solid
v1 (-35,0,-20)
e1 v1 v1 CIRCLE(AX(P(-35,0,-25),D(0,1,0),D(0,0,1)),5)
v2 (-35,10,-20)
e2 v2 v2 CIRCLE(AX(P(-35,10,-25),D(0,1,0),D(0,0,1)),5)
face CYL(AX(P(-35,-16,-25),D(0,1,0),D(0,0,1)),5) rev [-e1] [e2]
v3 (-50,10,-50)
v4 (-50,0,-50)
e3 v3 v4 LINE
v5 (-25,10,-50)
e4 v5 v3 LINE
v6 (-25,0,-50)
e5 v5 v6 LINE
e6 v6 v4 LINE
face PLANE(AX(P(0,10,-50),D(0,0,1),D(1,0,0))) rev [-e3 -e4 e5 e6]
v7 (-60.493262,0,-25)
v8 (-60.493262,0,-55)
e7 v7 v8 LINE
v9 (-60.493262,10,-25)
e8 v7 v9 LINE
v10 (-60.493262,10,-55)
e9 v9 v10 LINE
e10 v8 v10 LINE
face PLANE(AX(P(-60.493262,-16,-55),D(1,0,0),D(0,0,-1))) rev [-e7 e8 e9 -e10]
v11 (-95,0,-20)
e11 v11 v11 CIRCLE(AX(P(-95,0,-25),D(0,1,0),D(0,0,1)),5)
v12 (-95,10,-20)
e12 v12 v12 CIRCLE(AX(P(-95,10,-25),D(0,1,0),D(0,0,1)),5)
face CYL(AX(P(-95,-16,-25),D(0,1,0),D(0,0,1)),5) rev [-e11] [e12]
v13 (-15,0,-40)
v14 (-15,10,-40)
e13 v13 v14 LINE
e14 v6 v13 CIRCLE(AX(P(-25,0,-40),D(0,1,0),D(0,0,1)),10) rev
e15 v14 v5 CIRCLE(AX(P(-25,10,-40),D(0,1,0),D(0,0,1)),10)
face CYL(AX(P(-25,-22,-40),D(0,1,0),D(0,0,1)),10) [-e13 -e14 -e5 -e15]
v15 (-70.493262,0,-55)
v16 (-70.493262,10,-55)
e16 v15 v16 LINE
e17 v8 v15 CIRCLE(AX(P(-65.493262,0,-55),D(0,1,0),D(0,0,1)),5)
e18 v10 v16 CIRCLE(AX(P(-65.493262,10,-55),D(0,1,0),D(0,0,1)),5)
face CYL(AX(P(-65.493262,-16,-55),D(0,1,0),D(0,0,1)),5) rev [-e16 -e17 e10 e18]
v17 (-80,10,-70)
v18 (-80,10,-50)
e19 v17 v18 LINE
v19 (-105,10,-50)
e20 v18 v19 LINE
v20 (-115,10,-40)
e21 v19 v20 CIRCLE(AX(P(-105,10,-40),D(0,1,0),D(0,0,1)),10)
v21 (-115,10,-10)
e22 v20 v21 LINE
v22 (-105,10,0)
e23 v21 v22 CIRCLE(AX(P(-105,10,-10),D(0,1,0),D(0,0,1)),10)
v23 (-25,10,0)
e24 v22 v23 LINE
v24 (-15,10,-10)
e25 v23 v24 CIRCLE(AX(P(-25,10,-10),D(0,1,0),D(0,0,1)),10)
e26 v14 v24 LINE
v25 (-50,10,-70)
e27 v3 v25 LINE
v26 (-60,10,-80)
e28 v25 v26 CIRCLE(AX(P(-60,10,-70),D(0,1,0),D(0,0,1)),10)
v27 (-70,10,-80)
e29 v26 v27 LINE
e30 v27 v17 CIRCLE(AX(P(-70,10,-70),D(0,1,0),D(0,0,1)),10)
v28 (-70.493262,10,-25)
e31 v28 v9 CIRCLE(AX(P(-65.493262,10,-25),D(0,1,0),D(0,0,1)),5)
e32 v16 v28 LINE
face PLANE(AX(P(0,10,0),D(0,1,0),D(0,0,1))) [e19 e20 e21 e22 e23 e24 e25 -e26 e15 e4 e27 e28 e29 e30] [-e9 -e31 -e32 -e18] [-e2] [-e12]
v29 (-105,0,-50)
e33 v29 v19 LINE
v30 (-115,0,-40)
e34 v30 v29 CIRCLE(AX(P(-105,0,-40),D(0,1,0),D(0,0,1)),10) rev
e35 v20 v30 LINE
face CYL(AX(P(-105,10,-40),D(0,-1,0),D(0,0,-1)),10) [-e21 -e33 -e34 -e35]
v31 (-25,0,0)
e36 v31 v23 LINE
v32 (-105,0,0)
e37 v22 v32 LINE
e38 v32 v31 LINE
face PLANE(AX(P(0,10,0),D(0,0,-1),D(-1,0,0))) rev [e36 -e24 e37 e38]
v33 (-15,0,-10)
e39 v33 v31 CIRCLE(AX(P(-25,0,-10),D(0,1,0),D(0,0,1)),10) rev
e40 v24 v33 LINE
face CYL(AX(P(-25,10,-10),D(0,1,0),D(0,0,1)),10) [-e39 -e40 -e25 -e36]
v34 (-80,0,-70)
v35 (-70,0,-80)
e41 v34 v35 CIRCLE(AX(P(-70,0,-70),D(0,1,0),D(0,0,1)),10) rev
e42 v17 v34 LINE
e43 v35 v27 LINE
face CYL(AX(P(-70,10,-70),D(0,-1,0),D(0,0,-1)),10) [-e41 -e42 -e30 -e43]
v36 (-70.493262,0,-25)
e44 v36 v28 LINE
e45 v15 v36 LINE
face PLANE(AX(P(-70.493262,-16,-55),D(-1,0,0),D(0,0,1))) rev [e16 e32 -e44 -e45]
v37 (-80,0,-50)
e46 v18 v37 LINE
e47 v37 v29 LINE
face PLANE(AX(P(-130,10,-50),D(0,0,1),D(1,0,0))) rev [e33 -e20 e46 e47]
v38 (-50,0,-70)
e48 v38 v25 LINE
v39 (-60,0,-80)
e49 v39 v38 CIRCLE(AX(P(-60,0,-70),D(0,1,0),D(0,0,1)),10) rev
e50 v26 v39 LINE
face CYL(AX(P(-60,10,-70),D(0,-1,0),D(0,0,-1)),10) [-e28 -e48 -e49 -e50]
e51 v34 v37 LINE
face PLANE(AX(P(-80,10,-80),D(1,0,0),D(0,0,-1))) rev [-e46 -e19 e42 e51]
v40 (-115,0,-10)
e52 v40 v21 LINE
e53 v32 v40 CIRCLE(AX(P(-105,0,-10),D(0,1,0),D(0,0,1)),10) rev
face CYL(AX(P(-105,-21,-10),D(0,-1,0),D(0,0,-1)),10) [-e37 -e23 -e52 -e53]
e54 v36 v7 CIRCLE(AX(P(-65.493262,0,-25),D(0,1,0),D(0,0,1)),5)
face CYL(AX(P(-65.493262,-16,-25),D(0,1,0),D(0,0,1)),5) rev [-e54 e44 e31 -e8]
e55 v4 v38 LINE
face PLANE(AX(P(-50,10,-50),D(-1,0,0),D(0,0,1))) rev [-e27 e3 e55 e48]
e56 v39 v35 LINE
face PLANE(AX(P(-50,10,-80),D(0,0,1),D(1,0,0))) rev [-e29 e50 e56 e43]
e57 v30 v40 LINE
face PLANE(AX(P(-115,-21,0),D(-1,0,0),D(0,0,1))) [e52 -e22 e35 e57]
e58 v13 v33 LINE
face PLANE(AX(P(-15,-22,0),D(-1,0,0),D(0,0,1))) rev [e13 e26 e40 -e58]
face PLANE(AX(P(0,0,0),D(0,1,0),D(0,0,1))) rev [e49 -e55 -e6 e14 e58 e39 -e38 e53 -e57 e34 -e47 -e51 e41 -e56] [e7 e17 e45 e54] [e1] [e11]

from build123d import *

# Parameters (mm, degrees)
BOSS_EXTRUDE1_DEPTH = 10
SKETCH2_R           = 5
CUT_EXTRUDE1_DEPTH  = 26
FILLET4_R           = 10
FILLET5_R           = 10
FILLET6_R           = 10
FILLET7_R           = 10
CUT_EXTRUDE2_DEPTH  = 26
FILLET9_R           = 10
CUT_EXTRUDE3_DEPTH  = 31
CUT_EXTRUDE5_DEPTH  = 32
FILLET10_R          = 10
FILLET11_R          = 10
FILLET12_R          = 10
FILLET13_R          = 10


with BuildPart() as part:
    # Sketch1 → Boss-Extrude1 (new body)
    with BuildSketch(Plane(origin=(0, 0, 0), x_dir=(1, 0, 0), z_dir=(0, 1, 0))):
        Polygon((0, 0), (-130, 0), (-130, 50), (-80, 50), (-80, 80), (-50, 80), (-50, 50), (0, 50), align=None)
    extrude(amount=BOSS_EXTRUDE1_DEPTH)

    # Sketch2 → Cut-Extrude1 (cut)
    with BuildSketch(Plane(origin=(0, 10, 0), x_dir=(1, 0, 0), z_dir=(0, 1, 0))):
        with Locations(Location((-95, 25, 0), (0, 0, 270))):
            Circle(SKETCH2_R)
        with Locations(Location((-35, 25, 0), (0, 0, 270))):
            Circle(SKETCH2_R)
    extrude(amount=-CUT_EXTRUDE1_DEPTH, mode=Mode.SUBTRACT)

    # Fillet4
    fillet4_edges = [part.edges().sort_by_distance(p)[0] for p in [
        (-130, 5, -50),
        (-80, 5, -80),
    ]]
    fillet(fillet4_edges, radius=FILLET4_R)

    # Fillet5
    fillet5_edges = [part.edges().sort_by_distance(p)[0] for p in [
        (-50, 5, -80),
    ]]
    fillet(fillet5_edges, radius=FILLET5_R)

    # Fillet6
    fillet6_edges = [part.edges().sort_by_distance(p)[0] for p in [
        (0, 5, -50),
    ]]
    fillet(fillet6_edges, radius=FILLET6_R)

    # Fillet7
    fillet7_edges = [part.edges().sort_by_distance(p)[0] for p in [
        (0, 5, 0),
    ]]
    fillet(fillet7_edges, radius=FILLET7_R)

    # Sketch3 → Cut-Extrude2 (cut)
    with BuildSketch(Plane(origin=(0, 10, 0), x_dir=(1, 0, 0), z_dir=(0, 1, 0))):
        with BuildLine():
            Line((-70.493261523, 55), (-70.493261523, 25))
            ThreePointArc((-70.493261523, 25), (-65.493261523, 20), (-60.493261523, 25))
            Line((-60.493261523, 25), (-60.493261523, 55))
            ThreePointArc((-60.493261523, 55), (-65.493261523, 60), (-70.493261523, 55))
        make_face()
    extrude(amount=-CUT_EXTRUDE2_DEPTH, mode=Mode.SUBTRACT)

    # Fillet9
    fillet9_edges = [part.edges().sort_by_distance(p)[0] for p in [
        (-130, 5, 0),
    ]]
    fillet(fillet9_edges, radius=FILLET9_R)

    # Sketch5 → Cut-Extrude3 (cut)
    with BuildSketch(Plane(origin=(0, 10, 0), x_dir=(1, 0, 0), z_dir=(0, 1, 0))):
        with BuildLine():
            Line((-115, 0), (-115, 50))
            Line((-115, 50), (-120, 50))
            ThreePointArc((-120, 50), (-127.071067812, 47.071067812), (-130, 40))
            Line((-130, 40), (-130, 10))
            ThreePointArc((-130, 10), (-127.071067812, 2.928932188), (-120, 0))
            Line((-120, 0), (-115, 0))
        make_face()
    extrude(amount=-CUT_EXTRUDE3_DEPTH, mode=Mode.SUBTRACT)

    # Sketch6 → Cut-Extrude5 (cut)
    with BuildSketch(Plane(origin=(0, 10, 0), x_dir=(1, 0, 0), z_dir=(0, 1, 0))):
        with BuildLine():
            Line((-10, 50), (-15, 50))
            Line((-15, 50), (-15, 0))
            Line((-15, 0), (-10, 0))
            ThreePointArc((-10, 0), (-2.928932188, 2.928932188), (0, 10))
            Line((0, 10), (0, 40))
            ThreePointArc((0, 40), (-2.928932188, 47.071067812), (-10, 50))
        make_face()
    extrude(amount=-CUT_EXTRUDE5_DEPTH, mode=Mode.SUBTRACT)

    # Fillet10
    fillet10_edges = [part.edges().sort_by_distance(p)[0] for p in [
        (-15, 5, -50),
    ]]
    fillet(fillet10_edges, radius=FILLET10_R)

    # Fillet11
    fillet11_edges = [part.edges().sort_by_distance(p)[0] for p in [
        (-115, 5, -50),
    ]]
    fillet(fillet11_edges, radius=FILLET11_R)

    # Fillet12
    fillet12_edges = [part.edges().sort_by_distance(p)[0] for p in [
        (-15, 5, 0),
    ]]
    fillet(fillet12_edges, radius=FILLET12_R)

    # Fillet13
    fillet13_edges = [part.edges().sort_by_distance(p)[0] for p in [
        (-115, 5, 0),
    ]]
    fillet(fillet13_edges, radius=FILLET13_R)


solid = part.part
